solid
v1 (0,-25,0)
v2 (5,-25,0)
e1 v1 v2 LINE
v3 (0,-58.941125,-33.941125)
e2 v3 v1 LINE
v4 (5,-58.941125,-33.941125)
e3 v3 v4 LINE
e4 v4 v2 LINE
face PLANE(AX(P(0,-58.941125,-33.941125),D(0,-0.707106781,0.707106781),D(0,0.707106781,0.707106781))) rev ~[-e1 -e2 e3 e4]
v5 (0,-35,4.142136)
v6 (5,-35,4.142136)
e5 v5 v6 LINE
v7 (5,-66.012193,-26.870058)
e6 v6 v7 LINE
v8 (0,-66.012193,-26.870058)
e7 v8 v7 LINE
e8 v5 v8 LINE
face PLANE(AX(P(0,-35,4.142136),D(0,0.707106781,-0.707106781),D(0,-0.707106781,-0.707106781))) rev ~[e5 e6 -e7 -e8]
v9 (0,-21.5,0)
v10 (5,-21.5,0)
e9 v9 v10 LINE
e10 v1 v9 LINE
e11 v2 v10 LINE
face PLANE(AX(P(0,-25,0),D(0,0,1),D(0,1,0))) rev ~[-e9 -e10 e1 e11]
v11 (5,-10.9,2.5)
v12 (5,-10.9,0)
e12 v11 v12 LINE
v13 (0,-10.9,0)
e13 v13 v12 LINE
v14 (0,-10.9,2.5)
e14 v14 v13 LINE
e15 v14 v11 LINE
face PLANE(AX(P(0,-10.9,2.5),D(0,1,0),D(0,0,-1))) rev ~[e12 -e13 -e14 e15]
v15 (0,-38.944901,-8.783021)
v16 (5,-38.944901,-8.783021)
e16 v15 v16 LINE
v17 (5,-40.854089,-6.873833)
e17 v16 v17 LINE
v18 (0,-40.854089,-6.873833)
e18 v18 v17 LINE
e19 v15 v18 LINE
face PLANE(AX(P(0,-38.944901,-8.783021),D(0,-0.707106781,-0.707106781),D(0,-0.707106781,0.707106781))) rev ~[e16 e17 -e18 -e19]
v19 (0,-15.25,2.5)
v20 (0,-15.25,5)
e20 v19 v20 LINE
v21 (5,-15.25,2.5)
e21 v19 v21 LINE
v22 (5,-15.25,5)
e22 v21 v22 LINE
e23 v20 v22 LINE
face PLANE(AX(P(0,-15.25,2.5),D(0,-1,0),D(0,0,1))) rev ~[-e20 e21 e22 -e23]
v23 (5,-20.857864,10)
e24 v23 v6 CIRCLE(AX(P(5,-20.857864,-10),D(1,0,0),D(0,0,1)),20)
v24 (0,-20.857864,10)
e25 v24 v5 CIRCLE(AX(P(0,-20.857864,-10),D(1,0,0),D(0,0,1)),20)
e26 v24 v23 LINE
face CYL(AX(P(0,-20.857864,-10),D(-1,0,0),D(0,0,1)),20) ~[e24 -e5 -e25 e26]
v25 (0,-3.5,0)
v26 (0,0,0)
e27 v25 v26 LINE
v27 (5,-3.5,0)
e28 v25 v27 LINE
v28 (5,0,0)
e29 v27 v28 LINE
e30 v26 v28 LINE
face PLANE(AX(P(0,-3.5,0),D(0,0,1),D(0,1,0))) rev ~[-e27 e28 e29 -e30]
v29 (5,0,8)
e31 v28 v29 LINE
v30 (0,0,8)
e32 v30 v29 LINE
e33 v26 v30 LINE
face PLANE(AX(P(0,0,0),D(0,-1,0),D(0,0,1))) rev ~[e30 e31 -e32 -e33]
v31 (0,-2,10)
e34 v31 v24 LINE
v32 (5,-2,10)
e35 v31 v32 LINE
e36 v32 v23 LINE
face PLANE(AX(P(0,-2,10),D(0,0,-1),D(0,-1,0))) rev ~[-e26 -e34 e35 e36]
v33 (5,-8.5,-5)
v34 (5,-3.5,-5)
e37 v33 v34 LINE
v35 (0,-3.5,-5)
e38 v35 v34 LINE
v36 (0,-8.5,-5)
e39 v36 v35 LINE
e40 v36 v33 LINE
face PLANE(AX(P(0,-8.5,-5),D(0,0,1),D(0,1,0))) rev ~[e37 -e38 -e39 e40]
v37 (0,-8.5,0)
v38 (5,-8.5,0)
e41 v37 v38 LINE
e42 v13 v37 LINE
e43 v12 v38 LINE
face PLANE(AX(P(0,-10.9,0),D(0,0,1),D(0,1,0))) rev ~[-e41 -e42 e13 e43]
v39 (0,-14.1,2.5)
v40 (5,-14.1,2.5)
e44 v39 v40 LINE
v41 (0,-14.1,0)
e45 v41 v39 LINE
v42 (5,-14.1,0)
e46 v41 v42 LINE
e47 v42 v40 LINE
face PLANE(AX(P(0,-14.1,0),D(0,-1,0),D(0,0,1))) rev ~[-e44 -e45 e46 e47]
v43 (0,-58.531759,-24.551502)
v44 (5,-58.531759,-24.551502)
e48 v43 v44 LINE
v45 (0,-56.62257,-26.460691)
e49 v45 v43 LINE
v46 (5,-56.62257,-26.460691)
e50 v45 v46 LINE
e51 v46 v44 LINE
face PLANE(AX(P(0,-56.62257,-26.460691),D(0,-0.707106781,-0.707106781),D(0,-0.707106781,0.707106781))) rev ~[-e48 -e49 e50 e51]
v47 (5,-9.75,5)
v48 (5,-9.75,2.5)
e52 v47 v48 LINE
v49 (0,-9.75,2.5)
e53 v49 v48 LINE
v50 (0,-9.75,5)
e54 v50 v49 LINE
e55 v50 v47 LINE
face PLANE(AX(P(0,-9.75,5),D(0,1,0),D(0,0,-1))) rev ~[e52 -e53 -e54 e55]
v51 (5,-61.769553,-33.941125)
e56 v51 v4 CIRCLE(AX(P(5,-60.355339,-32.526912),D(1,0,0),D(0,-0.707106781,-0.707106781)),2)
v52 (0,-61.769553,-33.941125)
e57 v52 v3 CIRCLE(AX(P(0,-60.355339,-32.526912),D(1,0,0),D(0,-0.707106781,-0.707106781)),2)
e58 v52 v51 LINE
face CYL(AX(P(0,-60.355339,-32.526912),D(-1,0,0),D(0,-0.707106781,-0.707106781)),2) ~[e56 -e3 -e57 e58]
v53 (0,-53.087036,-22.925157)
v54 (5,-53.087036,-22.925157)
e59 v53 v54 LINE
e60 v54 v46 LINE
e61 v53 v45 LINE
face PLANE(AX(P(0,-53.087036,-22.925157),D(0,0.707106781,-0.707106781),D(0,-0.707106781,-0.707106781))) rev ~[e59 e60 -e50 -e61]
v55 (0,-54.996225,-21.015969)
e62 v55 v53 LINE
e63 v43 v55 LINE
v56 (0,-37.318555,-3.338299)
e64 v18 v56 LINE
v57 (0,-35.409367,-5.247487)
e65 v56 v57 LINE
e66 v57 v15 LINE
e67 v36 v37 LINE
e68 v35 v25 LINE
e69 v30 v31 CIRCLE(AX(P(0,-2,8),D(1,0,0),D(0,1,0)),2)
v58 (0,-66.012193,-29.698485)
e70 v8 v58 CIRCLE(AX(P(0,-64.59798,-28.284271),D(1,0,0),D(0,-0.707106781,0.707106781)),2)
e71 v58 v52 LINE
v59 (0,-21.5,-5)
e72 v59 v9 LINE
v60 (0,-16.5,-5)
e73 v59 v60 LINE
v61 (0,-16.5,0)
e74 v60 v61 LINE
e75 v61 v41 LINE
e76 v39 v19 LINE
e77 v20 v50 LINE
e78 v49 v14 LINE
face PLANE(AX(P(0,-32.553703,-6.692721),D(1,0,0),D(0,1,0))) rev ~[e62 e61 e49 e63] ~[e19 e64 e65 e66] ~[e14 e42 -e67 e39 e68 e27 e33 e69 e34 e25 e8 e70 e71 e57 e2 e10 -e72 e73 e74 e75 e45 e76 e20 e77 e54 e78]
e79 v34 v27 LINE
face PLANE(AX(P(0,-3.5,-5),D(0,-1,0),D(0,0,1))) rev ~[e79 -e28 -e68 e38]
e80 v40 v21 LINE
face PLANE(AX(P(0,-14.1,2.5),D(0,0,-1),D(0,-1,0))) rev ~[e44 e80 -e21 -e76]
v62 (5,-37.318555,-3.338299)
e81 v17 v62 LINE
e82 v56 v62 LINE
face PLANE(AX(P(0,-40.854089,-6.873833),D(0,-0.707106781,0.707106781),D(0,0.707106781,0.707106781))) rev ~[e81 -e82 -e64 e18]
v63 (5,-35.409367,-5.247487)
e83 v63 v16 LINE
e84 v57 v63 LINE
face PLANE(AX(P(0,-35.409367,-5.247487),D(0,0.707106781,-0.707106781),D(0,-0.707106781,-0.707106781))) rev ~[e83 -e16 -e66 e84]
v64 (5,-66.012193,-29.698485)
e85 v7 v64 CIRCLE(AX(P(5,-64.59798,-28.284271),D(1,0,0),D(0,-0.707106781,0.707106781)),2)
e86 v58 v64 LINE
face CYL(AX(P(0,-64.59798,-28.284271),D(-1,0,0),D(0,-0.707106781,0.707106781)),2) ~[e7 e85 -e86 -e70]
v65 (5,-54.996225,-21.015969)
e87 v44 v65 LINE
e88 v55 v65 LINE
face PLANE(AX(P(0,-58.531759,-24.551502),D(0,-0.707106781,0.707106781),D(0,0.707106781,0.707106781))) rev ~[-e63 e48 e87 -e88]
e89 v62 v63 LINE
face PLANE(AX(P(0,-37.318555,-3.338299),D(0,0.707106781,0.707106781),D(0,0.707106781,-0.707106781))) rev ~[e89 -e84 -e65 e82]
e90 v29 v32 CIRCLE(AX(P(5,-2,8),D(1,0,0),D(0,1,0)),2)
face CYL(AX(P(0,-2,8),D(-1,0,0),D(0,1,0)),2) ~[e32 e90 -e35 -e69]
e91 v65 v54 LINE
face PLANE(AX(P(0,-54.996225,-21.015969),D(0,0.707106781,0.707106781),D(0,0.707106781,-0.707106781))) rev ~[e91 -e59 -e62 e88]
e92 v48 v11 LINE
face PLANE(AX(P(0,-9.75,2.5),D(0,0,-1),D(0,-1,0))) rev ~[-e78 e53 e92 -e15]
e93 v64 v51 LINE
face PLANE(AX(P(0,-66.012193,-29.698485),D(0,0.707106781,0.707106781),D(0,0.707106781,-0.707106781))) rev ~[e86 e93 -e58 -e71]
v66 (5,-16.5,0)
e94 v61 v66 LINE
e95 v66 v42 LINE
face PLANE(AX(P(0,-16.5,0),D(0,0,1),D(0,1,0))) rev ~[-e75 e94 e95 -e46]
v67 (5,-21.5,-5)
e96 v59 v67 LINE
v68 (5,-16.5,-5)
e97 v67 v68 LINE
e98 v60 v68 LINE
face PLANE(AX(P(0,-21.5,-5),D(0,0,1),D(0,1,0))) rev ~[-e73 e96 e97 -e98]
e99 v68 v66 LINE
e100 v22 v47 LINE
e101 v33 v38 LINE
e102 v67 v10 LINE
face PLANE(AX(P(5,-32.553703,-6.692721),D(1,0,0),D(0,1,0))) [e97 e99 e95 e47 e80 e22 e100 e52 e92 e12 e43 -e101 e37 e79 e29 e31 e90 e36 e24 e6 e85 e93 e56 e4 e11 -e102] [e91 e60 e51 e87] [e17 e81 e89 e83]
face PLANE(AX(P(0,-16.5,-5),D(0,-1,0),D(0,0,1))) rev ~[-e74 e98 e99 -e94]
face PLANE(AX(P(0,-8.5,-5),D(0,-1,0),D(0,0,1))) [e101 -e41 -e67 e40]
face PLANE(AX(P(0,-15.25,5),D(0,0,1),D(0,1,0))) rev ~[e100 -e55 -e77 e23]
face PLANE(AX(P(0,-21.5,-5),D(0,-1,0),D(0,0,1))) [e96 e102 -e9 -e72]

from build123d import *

# Parameters (mm, degrees)
F1_W     = 5
F1_H     = 5
F2_DEPTH = 5


with BuildPart() as f2:
    # F1 (on Right) → F2 (new body)
    with BuildSketch(Plane.YZ):
        with BuildLine():
            Line((-3.5, 0), (0, 0))
            Line((0, 0), (0, 8))
            ThreePointArc((0, 8), (-0.5857864376, 9.4142135624), (-2, 10))
            Line((-2, 10), (-20.8578643763, 10))
            ThreePointArc((-20.8578643763, 10), (-28.5115330236, 8.4775906502), (-35, 4.1421356237))
            Line((-35, 4.1421356237), (-66.0121933088, -26.8700576851))
            ThreePointArc((-66.0121933088, -26.8700576851), (-66.5979797464, -28.2842712475), (-66.0121933088, -29.6984848098))
            Line((-66.0121933088, -29.6984848098), (-61.7695526217, -33.941125497))
            ThreePointArc((-61.7695526217, -33.941125497), (-60.3553390593, -34.5269119346), (-58.941125497, -33.941125497))
            Line((-58.941125497, -33.941125497), (-25, 0))
            Line((-25, 0), (-21.5, 0))
            Line((-21.5, 0), (-16.5, 0))
            Line((-16.5, 0), (-14.1, 0))
            Line((-14.1, 0), (-14.1, 2.5))
            Line((-14.1, 2.5), (-15.25, 2.5))
            Line((-15.25, 2.5), (-15.25, 5))
            Line((-15.25, 5), (-12.5, 5))
            Line((-12.5, 5), (-9.75, 5))
            Line((-9.75, 5), (-9.75, 2.5))
            Line((-9.75, 2.5), (-10.9, 2.5))
            Line((-10.9, 2.5), (-10.9, 0))
            Line((-10.9, 0), (-8.5, 0))
            Line((-8.5, 0), (-3.5, 0))
        make_face()
        Polygon((-56.6225703117, -26.460690809), (-58.5317586209, -24.5515024998), (-54.9962247149, -21.0159685939), (-53.0870364057, -22.9251569031), align=None, mode=Mode.SUBTRACT)
        Polygon((-40.8540890912, -6.8738329701), (-37.3185551853, -3.3382990642), (-35.4093668761, -5.2474873734), (-38.944900782, -8.7830212793), align=None, mode=Mode.SUBTRACT)
        with Locations((-6, -2.5)):
            Rectangle(F1_W, F1_H)
        with Locations((-19, -2.5)):
            Rectangle(F1_W, F1_H)
    extrude(amount=F2_DEPTH)


solid = f2.part
